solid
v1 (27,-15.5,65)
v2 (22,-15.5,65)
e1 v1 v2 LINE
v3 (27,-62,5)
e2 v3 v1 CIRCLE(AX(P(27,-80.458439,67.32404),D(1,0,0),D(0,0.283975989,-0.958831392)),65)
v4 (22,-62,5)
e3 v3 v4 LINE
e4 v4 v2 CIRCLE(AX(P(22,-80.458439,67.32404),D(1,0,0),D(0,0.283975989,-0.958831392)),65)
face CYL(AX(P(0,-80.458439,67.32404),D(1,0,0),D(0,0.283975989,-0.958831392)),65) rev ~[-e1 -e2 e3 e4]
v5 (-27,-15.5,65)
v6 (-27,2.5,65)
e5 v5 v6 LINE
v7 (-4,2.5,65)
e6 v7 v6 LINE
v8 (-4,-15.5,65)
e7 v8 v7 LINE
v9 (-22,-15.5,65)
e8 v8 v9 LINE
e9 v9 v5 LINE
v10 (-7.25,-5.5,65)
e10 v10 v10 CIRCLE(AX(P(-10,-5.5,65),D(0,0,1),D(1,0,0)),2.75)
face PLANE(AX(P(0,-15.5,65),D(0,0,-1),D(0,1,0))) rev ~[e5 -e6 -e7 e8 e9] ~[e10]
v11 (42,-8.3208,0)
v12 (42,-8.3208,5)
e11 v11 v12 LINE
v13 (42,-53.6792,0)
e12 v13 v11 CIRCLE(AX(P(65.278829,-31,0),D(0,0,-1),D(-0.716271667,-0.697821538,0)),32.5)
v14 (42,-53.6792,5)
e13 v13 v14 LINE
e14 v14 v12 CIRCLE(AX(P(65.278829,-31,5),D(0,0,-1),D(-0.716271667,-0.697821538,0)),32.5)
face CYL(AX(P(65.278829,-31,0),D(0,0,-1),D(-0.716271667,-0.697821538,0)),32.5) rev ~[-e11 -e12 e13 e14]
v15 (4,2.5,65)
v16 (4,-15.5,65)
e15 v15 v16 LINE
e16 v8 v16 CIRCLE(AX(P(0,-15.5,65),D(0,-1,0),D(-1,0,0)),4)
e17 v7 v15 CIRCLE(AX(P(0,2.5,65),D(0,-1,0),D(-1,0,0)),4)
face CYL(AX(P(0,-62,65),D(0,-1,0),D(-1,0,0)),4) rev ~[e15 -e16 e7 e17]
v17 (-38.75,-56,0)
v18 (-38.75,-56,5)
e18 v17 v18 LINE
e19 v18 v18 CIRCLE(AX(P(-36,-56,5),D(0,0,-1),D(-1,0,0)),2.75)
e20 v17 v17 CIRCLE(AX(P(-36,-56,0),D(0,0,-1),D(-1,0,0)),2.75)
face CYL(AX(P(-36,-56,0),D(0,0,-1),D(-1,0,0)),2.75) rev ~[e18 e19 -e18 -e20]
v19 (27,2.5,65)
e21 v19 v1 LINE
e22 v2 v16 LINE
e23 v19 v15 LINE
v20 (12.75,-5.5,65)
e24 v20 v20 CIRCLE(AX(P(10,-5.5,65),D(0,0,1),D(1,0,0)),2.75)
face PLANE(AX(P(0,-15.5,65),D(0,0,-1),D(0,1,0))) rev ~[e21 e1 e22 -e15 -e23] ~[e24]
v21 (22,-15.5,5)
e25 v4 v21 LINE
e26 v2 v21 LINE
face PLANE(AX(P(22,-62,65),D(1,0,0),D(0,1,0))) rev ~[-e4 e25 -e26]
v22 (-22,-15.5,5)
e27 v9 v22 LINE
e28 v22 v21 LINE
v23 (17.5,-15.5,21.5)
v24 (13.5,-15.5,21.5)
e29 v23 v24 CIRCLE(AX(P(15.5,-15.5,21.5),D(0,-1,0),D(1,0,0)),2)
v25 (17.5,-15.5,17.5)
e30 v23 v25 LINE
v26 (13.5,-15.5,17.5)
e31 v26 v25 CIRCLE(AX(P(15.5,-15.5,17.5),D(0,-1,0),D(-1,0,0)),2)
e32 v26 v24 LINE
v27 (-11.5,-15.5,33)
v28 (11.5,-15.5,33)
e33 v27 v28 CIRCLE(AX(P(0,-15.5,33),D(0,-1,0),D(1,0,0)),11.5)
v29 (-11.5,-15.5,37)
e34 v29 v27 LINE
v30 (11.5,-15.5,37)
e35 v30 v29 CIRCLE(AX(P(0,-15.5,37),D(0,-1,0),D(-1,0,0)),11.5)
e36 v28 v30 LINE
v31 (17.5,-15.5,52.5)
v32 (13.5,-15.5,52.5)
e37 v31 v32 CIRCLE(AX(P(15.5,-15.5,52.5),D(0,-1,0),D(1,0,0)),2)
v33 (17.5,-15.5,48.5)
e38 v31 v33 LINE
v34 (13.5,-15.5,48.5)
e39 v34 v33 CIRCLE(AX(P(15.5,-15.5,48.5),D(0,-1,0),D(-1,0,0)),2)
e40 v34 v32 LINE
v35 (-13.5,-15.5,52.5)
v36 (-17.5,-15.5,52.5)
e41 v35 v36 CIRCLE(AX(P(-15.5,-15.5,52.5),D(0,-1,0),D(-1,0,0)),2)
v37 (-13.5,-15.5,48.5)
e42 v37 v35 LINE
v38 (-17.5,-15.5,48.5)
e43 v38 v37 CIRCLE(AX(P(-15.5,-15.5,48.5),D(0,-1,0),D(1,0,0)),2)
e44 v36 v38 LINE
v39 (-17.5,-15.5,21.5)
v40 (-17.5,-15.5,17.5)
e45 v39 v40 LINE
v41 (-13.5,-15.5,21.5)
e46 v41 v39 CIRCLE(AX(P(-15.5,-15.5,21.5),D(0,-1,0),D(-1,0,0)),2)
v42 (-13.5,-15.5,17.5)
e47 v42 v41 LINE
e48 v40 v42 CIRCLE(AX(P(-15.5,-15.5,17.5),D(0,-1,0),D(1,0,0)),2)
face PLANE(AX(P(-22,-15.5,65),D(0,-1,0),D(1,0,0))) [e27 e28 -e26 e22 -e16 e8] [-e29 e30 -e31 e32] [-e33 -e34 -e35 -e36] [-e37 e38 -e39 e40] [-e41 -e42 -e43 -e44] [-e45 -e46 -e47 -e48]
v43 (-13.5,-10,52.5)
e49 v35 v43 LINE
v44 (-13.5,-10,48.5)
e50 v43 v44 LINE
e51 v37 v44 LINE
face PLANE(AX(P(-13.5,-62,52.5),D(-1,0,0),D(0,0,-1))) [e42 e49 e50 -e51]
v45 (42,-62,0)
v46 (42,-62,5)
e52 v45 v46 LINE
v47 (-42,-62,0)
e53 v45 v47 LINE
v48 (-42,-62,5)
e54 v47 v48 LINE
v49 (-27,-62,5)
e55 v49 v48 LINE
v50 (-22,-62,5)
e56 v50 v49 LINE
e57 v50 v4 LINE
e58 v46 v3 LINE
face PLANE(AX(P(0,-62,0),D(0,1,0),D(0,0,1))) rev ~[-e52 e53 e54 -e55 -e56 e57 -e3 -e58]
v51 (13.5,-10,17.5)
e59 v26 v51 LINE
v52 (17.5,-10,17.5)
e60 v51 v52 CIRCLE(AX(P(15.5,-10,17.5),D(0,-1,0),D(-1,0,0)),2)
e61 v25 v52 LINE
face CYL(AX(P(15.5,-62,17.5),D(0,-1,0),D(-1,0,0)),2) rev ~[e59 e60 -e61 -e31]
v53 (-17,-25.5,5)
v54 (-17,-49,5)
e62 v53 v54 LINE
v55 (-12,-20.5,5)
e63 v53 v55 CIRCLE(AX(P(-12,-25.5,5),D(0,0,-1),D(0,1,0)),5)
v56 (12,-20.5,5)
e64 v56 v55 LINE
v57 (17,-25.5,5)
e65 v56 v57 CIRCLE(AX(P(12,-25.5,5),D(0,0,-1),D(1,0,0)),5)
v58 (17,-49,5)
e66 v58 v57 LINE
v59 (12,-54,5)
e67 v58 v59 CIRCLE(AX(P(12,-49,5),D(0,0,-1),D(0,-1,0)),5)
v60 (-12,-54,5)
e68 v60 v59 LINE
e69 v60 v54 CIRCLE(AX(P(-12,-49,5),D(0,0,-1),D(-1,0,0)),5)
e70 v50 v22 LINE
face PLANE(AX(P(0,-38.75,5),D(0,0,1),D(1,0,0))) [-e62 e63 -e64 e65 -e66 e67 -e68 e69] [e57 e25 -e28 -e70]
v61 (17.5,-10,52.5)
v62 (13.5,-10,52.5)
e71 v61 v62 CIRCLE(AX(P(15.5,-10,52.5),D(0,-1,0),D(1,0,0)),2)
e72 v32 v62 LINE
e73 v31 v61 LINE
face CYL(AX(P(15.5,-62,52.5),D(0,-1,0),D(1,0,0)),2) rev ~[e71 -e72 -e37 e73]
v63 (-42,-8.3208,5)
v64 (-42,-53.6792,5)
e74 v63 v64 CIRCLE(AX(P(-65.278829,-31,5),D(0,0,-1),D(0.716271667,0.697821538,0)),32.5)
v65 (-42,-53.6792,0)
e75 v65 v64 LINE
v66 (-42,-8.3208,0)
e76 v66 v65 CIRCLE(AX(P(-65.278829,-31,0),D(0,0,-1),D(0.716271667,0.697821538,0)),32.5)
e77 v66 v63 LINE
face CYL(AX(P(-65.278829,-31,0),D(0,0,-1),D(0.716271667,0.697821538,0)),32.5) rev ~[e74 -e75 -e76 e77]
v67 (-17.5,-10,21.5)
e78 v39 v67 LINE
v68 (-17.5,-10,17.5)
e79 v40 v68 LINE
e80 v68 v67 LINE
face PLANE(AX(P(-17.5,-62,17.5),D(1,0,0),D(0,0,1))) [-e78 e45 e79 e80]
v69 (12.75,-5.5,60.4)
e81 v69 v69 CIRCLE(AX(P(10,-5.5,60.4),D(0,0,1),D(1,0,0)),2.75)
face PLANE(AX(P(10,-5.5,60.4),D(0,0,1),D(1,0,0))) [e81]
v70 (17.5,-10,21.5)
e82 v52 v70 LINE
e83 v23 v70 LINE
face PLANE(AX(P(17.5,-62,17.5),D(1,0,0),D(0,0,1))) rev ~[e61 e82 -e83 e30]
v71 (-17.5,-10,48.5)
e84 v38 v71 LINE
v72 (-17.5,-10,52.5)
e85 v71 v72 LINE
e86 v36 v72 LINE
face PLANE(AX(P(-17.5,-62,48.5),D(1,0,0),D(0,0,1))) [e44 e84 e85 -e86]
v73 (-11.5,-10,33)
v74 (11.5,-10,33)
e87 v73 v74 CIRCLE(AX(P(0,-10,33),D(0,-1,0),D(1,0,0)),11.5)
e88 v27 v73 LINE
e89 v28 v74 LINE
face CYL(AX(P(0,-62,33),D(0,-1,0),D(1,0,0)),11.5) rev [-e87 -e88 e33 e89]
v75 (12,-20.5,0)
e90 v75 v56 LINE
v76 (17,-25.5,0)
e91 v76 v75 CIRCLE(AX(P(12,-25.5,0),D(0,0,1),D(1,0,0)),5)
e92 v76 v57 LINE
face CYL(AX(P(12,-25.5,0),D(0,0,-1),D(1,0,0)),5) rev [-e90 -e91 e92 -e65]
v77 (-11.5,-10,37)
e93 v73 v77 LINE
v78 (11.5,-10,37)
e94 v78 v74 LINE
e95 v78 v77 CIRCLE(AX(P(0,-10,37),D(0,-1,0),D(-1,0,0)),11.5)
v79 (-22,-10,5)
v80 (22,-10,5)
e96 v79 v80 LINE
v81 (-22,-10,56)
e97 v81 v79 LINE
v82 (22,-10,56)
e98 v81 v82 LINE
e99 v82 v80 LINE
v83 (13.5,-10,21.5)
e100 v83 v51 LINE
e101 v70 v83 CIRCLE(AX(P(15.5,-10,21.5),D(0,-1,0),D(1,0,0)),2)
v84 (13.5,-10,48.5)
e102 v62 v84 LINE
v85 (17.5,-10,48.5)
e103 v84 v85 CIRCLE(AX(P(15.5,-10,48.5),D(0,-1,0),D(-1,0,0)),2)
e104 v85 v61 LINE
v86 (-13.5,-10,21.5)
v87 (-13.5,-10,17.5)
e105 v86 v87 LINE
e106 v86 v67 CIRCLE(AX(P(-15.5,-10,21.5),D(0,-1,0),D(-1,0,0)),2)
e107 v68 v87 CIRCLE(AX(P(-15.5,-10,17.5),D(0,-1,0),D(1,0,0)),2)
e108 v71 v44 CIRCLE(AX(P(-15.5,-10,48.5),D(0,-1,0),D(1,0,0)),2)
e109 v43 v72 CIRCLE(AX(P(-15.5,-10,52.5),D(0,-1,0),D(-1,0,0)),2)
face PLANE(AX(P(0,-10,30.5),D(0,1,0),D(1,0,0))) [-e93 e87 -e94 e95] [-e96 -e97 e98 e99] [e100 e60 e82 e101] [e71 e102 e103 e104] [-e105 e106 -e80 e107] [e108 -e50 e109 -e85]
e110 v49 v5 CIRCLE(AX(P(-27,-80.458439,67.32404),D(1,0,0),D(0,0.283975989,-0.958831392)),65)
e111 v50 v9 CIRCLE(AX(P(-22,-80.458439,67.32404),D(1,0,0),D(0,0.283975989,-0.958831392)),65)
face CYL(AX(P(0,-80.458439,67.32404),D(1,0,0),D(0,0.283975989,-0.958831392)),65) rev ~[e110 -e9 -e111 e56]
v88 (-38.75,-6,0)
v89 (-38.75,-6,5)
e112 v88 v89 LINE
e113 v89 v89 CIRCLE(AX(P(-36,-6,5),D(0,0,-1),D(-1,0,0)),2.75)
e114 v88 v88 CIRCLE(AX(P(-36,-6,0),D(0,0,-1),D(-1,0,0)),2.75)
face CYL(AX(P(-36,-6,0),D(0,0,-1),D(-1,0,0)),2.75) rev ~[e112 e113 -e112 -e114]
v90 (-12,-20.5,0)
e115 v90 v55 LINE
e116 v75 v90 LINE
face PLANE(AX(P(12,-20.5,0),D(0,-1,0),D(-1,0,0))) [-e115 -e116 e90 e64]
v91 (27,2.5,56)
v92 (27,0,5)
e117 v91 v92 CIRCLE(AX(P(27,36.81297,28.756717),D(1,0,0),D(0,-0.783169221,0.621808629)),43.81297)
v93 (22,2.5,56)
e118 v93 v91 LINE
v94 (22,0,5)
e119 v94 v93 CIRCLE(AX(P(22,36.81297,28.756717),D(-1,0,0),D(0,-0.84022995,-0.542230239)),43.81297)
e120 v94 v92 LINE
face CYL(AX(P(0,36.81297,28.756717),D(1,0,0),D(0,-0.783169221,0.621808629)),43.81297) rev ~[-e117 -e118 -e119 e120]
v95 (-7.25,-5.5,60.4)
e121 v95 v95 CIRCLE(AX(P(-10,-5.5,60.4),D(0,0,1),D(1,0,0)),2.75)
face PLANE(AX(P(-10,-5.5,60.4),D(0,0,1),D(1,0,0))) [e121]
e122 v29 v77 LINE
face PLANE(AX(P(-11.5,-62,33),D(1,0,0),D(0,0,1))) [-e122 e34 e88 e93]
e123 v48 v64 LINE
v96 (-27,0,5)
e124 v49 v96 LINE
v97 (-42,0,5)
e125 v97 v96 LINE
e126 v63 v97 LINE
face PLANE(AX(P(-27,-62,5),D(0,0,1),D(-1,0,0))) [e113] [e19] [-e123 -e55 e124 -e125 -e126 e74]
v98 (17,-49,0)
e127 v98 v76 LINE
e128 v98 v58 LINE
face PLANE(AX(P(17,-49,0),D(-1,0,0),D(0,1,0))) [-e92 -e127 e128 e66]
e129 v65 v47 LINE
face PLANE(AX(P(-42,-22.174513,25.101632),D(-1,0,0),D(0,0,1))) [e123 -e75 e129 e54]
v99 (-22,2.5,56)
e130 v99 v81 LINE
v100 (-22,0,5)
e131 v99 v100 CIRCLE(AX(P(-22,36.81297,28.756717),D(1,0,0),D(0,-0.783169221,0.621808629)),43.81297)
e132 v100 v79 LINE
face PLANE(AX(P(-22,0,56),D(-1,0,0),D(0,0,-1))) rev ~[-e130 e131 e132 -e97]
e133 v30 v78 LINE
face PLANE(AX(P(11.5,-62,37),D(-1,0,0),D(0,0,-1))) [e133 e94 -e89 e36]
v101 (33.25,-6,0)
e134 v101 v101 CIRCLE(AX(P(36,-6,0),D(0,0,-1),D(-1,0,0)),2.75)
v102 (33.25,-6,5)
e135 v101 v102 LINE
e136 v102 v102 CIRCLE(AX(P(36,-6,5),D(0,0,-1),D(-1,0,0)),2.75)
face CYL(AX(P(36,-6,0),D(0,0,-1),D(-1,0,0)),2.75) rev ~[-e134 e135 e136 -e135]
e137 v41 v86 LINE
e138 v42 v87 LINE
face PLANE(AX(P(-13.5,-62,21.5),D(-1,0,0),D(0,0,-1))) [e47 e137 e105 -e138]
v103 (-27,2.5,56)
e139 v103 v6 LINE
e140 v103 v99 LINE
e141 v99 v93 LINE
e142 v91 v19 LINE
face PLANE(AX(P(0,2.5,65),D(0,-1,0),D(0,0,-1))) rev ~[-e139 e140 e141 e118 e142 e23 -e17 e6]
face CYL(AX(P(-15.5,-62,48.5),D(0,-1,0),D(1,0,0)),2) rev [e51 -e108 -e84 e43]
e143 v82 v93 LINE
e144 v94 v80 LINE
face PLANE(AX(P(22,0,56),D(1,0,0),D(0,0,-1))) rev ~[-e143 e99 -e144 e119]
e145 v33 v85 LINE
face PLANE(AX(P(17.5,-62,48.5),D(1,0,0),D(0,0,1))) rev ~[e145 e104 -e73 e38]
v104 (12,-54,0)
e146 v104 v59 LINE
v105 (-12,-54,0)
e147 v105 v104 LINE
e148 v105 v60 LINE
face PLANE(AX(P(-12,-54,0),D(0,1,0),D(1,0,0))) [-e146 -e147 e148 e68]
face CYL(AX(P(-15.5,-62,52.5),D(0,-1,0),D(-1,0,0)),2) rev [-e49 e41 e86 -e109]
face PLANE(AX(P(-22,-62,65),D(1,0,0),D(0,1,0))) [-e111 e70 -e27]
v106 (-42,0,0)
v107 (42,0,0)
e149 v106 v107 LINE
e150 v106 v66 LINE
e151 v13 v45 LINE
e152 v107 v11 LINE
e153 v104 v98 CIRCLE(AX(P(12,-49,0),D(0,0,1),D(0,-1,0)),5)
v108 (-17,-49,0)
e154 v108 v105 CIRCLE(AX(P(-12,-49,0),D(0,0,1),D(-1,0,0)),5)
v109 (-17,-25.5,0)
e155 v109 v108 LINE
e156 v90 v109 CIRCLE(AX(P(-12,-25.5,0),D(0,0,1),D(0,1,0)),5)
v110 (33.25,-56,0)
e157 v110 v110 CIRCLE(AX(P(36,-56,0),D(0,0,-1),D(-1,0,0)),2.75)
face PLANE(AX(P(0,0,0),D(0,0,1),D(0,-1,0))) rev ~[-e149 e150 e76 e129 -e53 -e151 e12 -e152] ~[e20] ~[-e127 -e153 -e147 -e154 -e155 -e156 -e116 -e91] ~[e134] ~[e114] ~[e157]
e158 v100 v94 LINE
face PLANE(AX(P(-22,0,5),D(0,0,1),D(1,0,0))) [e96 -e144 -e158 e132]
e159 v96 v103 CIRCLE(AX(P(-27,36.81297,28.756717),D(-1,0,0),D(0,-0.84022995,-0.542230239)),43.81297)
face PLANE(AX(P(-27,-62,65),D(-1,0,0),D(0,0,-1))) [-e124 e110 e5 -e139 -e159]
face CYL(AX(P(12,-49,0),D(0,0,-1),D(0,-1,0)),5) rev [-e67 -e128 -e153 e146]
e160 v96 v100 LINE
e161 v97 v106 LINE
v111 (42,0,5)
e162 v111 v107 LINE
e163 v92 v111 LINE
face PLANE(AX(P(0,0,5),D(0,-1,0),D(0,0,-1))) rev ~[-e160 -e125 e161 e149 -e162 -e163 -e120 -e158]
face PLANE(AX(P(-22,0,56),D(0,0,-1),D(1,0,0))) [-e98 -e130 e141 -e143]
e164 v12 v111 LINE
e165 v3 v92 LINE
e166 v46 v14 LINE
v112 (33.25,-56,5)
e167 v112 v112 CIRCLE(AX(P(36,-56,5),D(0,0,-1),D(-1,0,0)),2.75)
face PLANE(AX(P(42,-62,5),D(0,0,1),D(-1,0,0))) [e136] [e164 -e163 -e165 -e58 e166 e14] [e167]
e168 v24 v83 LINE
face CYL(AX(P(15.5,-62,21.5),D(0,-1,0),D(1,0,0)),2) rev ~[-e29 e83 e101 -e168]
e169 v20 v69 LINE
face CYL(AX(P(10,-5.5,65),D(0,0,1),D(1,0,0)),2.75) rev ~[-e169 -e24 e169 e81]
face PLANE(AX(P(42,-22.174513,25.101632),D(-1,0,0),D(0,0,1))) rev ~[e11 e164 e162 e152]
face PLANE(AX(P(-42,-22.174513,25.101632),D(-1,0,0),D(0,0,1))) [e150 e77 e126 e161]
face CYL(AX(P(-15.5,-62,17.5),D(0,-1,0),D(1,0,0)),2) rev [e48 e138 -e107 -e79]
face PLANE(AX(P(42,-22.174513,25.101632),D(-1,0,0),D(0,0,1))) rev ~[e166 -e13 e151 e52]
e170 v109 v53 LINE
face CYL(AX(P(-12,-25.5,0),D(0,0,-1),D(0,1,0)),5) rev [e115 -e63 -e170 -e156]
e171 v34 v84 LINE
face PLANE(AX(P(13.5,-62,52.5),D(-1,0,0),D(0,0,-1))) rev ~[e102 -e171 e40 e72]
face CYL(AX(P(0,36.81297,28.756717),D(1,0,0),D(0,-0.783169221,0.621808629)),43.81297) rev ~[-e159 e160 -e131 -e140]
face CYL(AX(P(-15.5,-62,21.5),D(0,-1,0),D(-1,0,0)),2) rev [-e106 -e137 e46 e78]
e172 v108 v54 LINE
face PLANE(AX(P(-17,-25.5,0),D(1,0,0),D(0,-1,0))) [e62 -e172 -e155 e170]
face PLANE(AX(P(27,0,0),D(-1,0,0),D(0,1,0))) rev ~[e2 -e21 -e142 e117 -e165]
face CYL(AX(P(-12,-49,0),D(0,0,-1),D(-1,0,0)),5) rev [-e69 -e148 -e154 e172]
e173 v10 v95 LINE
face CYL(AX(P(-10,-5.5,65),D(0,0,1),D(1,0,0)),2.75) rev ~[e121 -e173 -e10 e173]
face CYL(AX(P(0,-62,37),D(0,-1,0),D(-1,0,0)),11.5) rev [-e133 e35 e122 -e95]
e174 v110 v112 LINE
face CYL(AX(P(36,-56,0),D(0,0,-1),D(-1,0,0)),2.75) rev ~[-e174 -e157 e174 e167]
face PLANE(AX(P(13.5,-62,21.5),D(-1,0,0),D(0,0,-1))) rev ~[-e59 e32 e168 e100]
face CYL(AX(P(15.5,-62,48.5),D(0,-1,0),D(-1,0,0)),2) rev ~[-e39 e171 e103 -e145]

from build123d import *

# Parameters (mm, degrees)
BOSS_EXTRUDE1_DEPTH      = 42
BOSS_EXTRUDE1_DEPTH_BACK = 42
SKETCH2_W                = 15
SKETCH2_H                = 2.5
SKETCH2_R                = 2.75
CUT_EXTRUDE1_DEPTH       = 100.161484458
SKETCH3_R                = 4
SKETCH3_W                = 15
SKETCH3_H                = 60
CUT_EXTRUDE2_DEPTH       = 101.743486312
SKETCH4_W                = 44
SKETCH4_H                = 46.5
CUT_EXTRUDE3_DEPTH       = 60
CUT_EXTRUDE4_DEPTH       = 10
CUT_EXTRUDE4_DEPTH_BACK  = 10
SKETCH5_W                = 44
SKETCH5_H                = 51
SKETCH6_R                = 2.75
CUT_EXTRUDE5_DEPTH       = 4.6


with BuildPart() as part:
    # Sketch1 → Boss-Extrude1 (new, two sides: drawn at the far end of the back side and taken through both)
    with BuildSketch(Plane(origin=(0, 0, 0), x_dir=(0, 0, -1), z_dir=(1, 0, 0)).offset(-BOSS_EXTRUDE1_DEPTH_BACK)):
        with BuildLine():
            Line((0, 0), (0, -62))
            Line((0, -62), (-5, -62))
            ThreePointArc((-5, -62), (-27.506882202, -29.081460906), (-65, -15.5))
            Line((-65, -15.5), (-65, 2.5))
            Line((-65, 2.5), (-56, 2.5))
            ThreePointArc((-56, 2.5), (-30.901836055, -6.947455525), (-5, 0))
            Line((-5, 0), (0, 0))
        make_face()
    extrude(amount=BOSS_EXTRUDE1_DEPTH + BOSS_EXTRUDE1_DEPTH_BACK)

    # Sketch2 → Cut-Extrude1 (cut, through all)
    with BuildSketch(Plane(origin=(0, 0, 0), x_dir=(-1, 0, 0), z_dir=(0, 0, -1))):
        with BuildLine():
            ThreePointArc((-17, -49), (-15.535533906, -52.535533906), (-12, -54))
            Line((-12, -54), (12, -54))
            ThreePointArc((12, -54), (15.535533906, -52.535533906), (17, -49))
            Line((17, -49), (17, -25.5))
            ThreePointArc((17, -25.5), (15.535533906, -21.964466094), (12, -20.5))
            Line((12, -20.5), (-12, -20.5))
            ThreePointArc((-12, -20.5), (-15.535533906, -21.964466094), (-17, -25.5))
            Line((-17, -25.5), (-17, -49))
        make_face()
        with Locations((-34.5, 1.25)):
            Rectangle(SKETCH2_W, SKETCH2_H)
        with BuildLine():
            Line((42, -53.6792), (42, -8.3208))
            ThreePointArc((42, -8.3208), (32.778829166, -31), (42, -53.6792))
        make_face()
        with Locations((34.5, 1.25)):
            Rectangle(SKETCH2_W, SKETCH2_H)
        with BuildLine():
            ThreePointArc((-42, -53.6792), (-32.778829166, -31), (-42, -8.3208))
            Line((-42, -8.3208), (-42, -53.6792))
        make_face()
        with Locations((-36, -6)):
            Circle(SKETCH2_R)
        with Locations((36, -6)):
            Circle(SKETCH2_R)
        with Locations((36, -56)):
            Circle(SKETCH2_R)
        with Locations((-36, -56)):
            Circle(SKETCH2_R)
    extrude(amount=-CUT_EXTRUDE1_DEPTH, mode=Mode.SUBTRACT)

    # Sketch3 → Cut-Extrude2 (cut, through all)
    with BuildSketch(Plane(origin=(0, -62, 0), x_dir=(-1, 0, 0), z_dir=(0, -1, 0))):
        with Locations((0, -65)):
            Circle(SKETCH3_R)
        with Locations((34.5, -35)):
            Rectangle(SKETCH3_W, SKETCH3_H)
        with Locations((-34.5, -35)):
            Rectangle(SKETCH3_W, SKETCH3_H)
        with BuildLine():
            Line((11.5, -33), (11.5, -37))
            ThreePointArc((11.5, -37), (0, -48.5), (-11.5, -37))
            Line((-11.5, -37), (-11.5, -33))
            ThreePointArc((-11.5, -33), (0, -21.5), (11.5, -33))
        make_face()
        with BuildLine():
            Line((17.5, -48.5), (17.5, -52.5))
            ThreePointArc((17.5, -52.5), (15.5, -54.5), (13.5, -52.5))
            Line((13.5, -52.5), (13.5, -48.5))
            ThreePointArc((13.5, -48.5), (15.5, -46.5), (17.5, -48.5))
        make_face()
        with BuildLine():
            Line((17.5, -17.5), (17.5, -21.5))
            ThreePointArc((17.5, -21.5), (15.5, -23.5), (13.5, -21.5))
            Line((13.5, -21.5), (13.5, -17.5))
            ThreePointArc((13.5, -17.5), (15.5, -15.5), (17.5, -17.5))
        make_face()
        with BuildLine():
            Line((-17.5, -17.5), (-17.5, -21.5))
            ThreePointArc((-17.5, -21.5), (-15.5, -23.5), (-13.5, -21.5))
            Line((-13.5, -21.5), (-13.5, -17.5))
            ThreePointArc((-13.5, -17.5), (-15.5, -15.5), (-17.5, -17.5))
        make_face()
        with BuildLine():
            Line((-17.5, -48.5), (-17.5, -52.5))
            ThreePointArc((-17.5, -52.5), (-15.5, -54.5), (-13.5, -52.5))
            Line((-13.5, -52.5), (-13.5, -48.5))
            ThreePointArc((-13.5, -48.5), (-15.5, -46.5), (-17.5, -48.5))
        make_face()
    extrude(amount=-CUT_EXTRUDE2_DEPTH, mode=Mode.SUBTRACT)

    # Sketch4 → Cut-Extrude3 (cut)
    with BuildSketch(Plane.XY.offset(65)):
        with Locations((0, -38.75)):
            Rectangle(SKETCH4_W, SKETCH4_H)
    extrude(amount=-CUT_EXTRUDE3_DEPTH, mode=Mode.SUBTRACT)

    # Sketch5 → Cut-Extrude4 (cut, two sides: drawn at the far end of the back side and taken through both)
    with BuildSketch(Plane(origin=(0, 0, 0), x_dir=(1, 0, 0), z_dir=(0, 1, 0)).offset(-CUT_EXTRUDE4_DEPTH_BACK)):
        with Locations((0, -30.5)):
            Rectangle(SKETCH5_W, SKETCH5_H)
    extrude(amount=CUT_EXTRUDE4_DEPTH + CUT_EXTRUDE4_DEPTH_BACK, mode=Mode.SUBTRACT)

    # Sketch6 → Cut-Extrude5 (cut)
    with BuildSketch(Plane.XY.offset(65)):
        with Locations((-10, -5.5)):
            Circle(SKETCH6_R)
        with Locations((10, -5.5)):
            Circle(SKETCH6_R)
    extrude(amount=-CUT_EXTRUDE5_DEPTH, mode=Mode.SUBTRACT)


solid = part.part
